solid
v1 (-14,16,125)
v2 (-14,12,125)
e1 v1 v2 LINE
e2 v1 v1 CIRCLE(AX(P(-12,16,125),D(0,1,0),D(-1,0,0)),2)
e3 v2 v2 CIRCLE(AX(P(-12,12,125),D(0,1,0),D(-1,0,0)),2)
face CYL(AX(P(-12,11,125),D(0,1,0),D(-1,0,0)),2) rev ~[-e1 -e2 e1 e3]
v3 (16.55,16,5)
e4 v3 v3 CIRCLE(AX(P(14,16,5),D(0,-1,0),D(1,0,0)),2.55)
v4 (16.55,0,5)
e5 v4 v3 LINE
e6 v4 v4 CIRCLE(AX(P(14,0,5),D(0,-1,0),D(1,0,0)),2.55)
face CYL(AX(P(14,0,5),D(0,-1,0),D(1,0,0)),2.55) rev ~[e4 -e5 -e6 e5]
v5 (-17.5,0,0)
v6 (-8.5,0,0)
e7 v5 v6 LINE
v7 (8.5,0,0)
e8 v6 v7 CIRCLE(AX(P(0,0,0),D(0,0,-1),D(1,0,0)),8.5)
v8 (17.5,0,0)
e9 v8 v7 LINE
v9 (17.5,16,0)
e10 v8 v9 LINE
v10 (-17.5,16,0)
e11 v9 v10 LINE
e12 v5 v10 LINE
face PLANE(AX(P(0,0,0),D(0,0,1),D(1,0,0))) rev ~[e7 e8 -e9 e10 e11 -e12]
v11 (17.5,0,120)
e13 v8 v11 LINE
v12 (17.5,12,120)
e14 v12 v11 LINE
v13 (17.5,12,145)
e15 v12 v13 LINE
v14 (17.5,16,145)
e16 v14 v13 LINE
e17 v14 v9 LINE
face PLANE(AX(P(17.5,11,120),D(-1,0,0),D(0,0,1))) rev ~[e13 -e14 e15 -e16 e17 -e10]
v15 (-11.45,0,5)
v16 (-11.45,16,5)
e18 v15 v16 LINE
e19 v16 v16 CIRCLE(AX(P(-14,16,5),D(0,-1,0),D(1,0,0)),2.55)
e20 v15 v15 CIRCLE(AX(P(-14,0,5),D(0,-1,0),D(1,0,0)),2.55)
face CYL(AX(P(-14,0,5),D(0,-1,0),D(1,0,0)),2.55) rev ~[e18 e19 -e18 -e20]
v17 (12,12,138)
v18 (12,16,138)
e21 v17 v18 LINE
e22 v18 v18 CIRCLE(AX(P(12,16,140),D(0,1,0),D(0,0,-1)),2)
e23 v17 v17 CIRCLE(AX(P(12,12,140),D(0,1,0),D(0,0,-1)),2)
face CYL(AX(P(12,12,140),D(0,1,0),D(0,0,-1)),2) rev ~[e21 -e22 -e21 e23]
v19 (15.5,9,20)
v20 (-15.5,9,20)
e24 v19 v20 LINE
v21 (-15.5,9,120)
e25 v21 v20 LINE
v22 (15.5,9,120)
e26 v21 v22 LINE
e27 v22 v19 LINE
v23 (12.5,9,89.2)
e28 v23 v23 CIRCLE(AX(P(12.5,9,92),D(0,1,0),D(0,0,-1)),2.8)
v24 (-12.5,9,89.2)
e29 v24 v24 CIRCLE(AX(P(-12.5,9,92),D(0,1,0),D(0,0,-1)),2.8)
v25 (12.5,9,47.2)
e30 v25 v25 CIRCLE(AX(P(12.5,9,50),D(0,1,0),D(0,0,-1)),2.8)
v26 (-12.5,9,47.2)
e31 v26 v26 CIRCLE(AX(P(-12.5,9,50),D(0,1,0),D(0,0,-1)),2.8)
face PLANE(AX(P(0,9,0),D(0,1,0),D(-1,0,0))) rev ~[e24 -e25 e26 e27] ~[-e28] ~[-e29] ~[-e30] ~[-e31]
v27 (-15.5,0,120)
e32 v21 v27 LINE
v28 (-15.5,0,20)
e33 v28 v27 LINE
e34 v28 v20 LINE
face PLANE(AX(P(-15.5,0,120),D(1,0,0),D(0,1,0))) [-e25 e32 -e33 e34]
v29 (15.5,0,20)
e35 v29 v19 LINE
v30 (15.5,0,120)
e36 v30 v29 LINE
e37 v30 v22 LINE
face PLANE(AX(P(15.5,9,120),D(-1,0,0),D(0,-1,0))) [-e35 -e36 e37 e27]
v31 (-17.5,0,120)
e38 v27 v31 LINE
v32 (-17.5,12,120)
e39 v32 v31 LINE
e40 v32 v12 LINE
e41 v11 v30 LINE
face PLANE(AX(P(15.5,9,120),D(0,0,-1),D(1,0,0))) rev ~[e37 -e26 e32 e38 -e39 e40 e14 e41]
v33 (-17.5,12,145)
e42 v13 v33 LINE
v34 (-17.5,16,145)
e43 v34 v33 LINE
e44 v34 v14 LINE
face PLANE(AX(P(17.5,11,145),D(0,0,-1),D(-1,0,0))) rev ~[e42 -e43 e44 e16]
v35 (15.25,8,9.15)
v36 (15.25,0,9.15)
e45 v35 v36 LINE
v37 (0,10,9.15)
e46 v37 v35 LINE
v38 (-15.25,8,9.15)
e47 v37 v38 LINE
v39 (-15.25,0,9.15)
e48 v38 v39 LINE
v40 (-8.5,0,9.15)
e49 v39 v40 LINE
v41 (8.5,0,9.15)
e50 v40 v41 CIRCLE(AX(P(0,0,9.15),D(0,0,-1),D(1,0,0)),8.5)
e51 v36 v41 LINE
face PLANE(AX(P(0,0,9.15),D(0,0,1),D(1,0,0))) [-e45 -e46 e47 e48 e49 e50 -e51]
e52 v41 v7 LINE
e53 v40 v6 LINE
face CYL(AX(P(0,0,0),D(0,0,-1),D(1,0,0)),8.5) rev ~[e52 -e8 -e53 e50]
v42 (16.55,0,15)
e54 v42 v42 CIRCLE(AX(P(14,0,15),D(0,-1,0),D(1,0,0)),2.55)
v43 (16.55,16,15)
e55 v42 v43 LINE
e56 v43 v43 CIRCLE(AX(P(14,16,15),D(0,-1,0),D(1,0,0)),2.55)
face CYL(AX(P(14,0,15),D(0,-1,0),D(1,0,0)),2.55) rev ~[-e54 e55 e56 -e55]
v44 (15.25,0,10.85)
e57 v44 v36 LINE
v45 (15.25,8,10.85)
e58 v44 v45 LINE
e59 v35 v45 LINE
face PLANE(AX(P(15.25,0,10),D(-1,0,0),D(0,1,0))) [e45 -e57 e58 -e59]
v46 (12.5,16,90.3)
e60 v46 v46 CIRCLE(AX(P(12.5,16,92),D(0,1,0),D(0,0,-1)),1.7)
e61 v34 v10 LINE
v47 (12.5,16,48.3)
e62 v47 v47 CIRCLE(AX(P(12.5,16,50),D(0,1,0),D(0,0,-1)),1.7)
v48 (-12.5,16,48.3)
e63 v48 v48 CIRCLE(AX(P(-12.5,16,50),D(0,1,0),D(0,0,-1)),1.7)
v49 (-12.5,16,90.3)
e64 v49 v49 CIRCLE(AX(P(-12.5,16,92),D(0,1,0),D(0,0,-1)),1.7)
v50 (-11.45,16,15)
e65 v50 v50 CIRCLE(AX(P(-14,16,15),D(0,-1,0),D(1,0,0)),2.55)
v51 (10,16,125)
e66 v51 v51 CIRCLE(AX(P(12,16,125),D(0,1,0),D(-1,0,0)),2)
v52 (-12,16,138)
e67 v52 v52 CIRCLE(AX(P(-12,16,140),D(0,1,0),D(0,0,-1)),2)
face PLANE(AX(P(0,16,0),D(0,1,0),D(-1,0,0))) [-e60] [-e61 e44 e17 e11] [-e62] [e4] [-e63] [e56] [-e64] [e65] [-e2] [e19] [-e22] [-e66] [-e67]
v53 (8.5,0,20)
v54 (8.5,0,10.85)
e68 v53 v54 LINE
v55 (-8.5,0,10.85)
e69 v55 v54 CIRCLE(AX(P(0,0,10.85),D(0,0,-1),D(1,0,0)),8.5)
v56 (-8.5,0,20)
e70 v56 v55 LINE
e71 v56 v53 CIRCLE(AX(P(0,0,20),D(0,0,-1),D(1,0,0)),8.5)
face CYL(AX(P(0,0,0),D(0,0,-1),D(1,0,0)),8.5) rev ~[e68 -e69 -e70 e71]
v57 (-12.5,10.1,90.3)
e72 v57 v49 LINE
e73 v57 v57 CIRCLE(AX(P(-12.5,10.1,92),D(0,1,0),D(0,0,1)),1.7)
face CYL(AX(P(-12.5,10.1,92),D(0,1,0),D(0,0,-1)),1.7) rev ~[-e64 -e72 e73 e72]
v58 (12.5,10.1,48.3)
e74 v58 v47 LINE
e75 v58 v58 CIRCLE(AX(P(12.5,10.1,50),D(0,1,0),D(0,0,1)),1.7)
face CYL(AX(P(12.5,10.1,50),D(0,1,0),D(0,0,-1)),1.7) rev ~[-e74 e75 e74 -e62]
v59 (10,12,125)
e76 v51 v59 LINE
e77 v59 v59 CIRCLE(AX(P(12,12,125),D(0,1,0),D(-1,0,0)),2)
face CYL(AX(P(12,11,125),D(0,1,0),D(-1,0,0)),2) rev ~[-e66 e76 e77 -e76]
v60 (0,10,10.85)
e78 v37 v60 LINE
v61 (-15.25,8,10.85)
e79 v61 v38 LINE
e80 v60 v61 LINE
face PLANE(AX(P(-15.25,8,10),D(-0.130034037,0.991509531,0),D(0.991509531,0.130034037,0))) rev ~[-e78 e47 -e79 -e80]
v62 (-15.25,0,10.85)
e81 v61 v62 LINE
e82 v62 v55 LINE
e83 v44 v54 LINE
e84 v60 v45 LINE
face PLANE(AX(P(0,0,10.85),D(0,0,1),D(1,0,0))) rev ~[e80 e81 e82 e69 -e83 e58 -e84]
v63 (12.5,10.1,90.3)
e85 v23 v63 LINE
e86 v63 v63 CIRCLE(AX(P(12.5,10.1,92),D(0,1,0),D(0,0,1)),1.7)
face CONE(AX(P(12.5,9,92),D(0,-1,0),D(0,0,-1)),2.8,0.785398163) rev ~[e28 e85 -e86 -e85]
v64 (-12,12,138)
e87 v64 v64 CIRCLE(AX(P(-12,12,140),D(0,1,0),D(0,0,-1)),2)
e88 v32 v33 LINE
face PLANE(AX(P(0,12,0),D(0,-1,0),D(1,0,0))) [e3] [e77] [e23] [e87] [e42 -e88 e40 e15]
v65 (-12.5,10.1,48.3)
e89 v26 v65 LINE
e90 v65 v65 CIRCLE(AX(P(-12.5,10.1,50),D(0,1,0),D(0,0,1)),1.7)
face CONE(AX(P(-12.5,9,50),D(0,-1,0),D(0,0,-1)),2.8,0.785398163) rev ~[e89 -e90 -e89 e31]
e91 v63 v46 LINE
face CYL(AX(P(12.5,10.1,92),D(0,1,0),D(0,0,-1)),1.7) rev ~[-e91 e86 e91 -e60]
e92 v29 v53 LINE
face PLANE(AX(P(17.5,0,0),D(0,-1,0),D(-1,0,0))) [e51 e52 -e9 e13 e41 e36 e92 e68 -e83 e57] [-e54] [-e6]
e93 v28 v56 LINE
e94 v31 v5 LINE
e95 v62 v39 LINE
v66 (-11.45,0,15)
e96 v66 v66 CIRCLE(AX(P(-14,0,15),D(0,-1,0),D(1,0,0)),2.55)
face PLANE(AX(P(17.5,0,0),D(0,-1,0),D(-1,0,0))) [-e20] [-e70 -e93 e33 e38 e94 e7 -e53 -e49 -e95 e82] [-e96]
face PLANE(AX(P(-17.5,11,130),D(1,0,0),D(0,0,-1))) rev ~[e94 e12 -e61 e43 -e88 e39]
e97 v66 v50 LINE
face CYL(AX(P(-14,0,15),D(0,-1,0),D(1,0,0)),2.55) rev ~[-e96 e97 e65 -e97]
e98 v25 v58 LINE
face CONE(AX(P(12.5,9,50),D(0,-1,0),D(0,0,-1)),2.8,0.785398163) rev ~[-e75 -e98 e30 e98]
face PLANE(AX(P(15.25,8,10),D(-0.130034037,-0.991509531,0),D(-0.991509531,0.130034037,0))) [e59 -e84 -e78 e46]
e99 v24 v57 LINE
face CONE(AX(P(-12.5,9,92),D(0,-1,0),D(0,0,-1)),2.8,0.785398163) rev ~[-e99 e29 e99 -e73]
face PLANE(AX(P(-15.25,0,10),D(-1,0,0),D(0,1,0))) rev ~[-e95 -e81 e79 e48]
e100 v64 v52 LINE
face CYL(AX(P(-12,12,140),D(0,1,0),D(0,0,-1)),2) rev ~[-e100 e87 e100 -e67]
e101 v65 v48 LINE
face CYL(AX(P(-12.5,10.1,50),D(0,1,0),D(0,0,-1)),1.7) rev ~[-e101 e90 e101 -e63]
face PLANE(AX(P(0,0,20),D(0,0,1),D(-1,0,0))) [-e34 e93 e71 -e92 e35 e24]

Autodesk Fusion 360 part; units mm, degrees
sketch "スケッチ1" plane through (0, 0, 0) normal (0, 0, 1) x (1, 0, 0)
  line L0 (-17.5, 11) -> (17.5, 11)
  line L1 (17.5, 11) -> (17.5, 0)
  line L2 (17.5, 0) -> (-17.5, 0)
  line L3 (-17.5, 0) -> (-17.5, 11)
  dimension "d1" = 35
  dimension "d2" = 11
extrude "押し出し1" add sketch "スケッチ1" along normal blind 120
sketch "スケッチ2" plane through (0, 0, 0) normal (0, 0, -1) x (1, 0, 0)
  line L0 (17.5, 0) -> (-17.5, 0)
  line L1 (-17.5, 0) -> (-17.5, -11)
  line L2 (-17.5, -11) -> (17.5, -11)
  line L3 (17.5, -11) -> (17.5, 0)
  circle A0 centre (0, 0) radius 8.5
  dimension "d5" = 17
extrude "押し出し2" cut sketch "スケッチ2" against normal blind 20 contours L0 A0 picked at (-2.4352, -2.8535)
sketch "スケッチ3" plane through (0, 0, 120) normal (0, 0, 1) x (-1, 0, 0)
  line L0 (17.5, 0) -> (-17.5, 0)
  line L1 (-17.5, 0) -> (-17.5, -11)
  line L2 (-17.5, -11) -> (17.5, -11)
  line L3 (17.5, -11) -> (17.5, 0)
  line L4 (15.5, -9) -> (-15.5, -9)
  line L5 (-15.5, -9) -> (-15.5, 0)
  line L6 (-15.5, 0) -> (15.5, 0)
  line L7 (15.5, 0) -> (15.5, -9)
  dimension "d8" = 2
  dimension "d9" = 31
extrude "押し出し3" cut sketch "スケッチ3" against normal blind 100 contours L0 L4 L5 L6 L7
ref_plane "作業平面1" through (0, 5.5, 9) normal (0, 0, -1) x (-1, 0, 0)
sketch "スケッチ5" plane through (0, 11, 0) normal (0, 1, 0) x (-1, 0, 0)
  line L0 (-17.5, 0) -> (17.5, 0)
  line L1 (17.5, 0) -> (17.5, 120)
  line L2 (17.5, 120) -> (-17.5, 120)
  line L3 (-17.5, 120) -> (-17.5, 0)
  line L4 (-17.5, 130) -> (17.5, 130)
  line L5 (17.5, 130) -> (17.5, 120)
  line L6 (17.5, 120) -> (-17.5, 120)
  line L7 (-17.5, 120) -> (-17.5, 130)
  line L8 (-17.5, 125) -> (17.5, 125) construction
  circle A0 centre (12, 125) radius 2
  circle A1 centre (-12, 125) radius 2
  dimension "d16" = 4
  dimension "d17" = 4
  dimension "d18" = 24
  dimension "d19" = 10
  dimension "d20" = 5.5
extrude "押し出し5" add sketch "スケッチ5" against normal blind 2 contours L2 L4 L5 L6 L7
sketch "スケッチ8" plane through (0, 0, 0) normal (0, -1, 0) x (1, 0, 0)
  line L0 (-8.5, 20) -> (-15.5, 20)
  line L1 (-15.5, 20) -> (-15.5, 120)
  line L2 (-15.5, 120) -> (-17.5, 120)
  line L3 (-17.5, 120) -> (-17.5, 0)
  line L4 (-17.5, 0) -> (-8.5, 0)
  line L5 (-8.5, 0) -> (-8.5, 20)
  circle A0 centre (-14, 15) radius 2.55
  line L6 (18.5, 15) -> (-17.5, 15) construction
  line L7 (17.541, 5) -> (-17.5, 5) construction
  line L8 (15.5, 20) -> (8.5, 20) construction
  circle A1 centre (14, 15) radius 2.55
  circle A2 centre (14, 5) radius 2.55
  circle A3 centre (-14, 5) radius 2.55
  line L9 (17.5, 0) -> (17.5, 120)
  dimension "d30" = 5
  dimension "d31" = 10
  dimension "d32" = 5.1
  dimension "d33" = 5.1
  dimension "d34" = 5.1
  dimension "d35" = 5.1
  dimension "d36" = 3.5
  dimension "d37" = 3.5
  dimension "d38" = 3.5
  dimension "d39" = 3.5
extrude "押し出し8" cut sketch "スケッチ8" against normal blind 15 contours A0 | A1 | A2 | A3
move_face "OffsetFaces1" offset 3 1 faces at (-3.8517, 11, 52.6741)
sketch "Sketch9" plane through (0, 9, 0) normal (0, -1, 0) x (1, 0, 0)
  circle A0 centre (12, 125) radius 2
  circle A1 centre (-12, 125) radius 2
  line L0 (-15.5, 120) -> (-15.5, 20)
  line L1 (-15.5, 20) -> (15.5, 20)
  line L2 (15.5, 20) -> (15.5, 120)
  line L3 (15.5, 120) -> (17.5, 120)
  line L4 (17.5, 120) -> (17.5, 130)
  line L5 (17.5, 130) -> (-17.5, 130)
  line L6 (-17.5, 130) -> (-17.5, 120)
  line L7 (-17.5, 120) -> (-15.5, 120)
  point P0 (12.5, 50)
  point P1 (-12.5, 50)
  point P2 (-12.5, 92)
  point P3 (12.5, 92)
hole "Hole1" at (-12.5, 9, 92) at (12.5, 9, 92) at (12.5, 9, 50) at (-12.5, 9, 50) direction (0, 1, 0) diameter 3.4 depth 9 tip angle 118 countersink diameter 5.6 countersink angle 90
ref_plane "WorkPlane2" through (0, 0, 10) normal (0, 0, 1) x (1, 0, 0)
sketch "Sketch10" plane through (0, 0, 10) normal (0, 0, 1) x (1, 0, 0)
  line L0 (0, 0) -> (15.25, 0)
  line L1 (15.25, 0) -> (15.25, 8)
  line L2 (15.25, 8) -> (0, 10)
  line L3 (0, 0) -> (-15.25, 0)
  line L4 (-15.25, 0) -> (-15.25, 8)
  line L5 (-15.25, 8) -> (0, 10)
  dimension "d60" = 15.25
  dimension "d61" = 8
extrude "Extrude9" cut sketch "Sketch10" along normal blind 0.85 and the other way blind 0.85
sketch "Sketch11" plane through (0, 9, 0) normal (0, -1, 0) x (1, 0, 0)
  circle A0 centre (12.5, 50) radius 2.8
  circle A1 centre (-12.5, 92) radius 2.8
  circle A2 centre (12.5, 92) radius 2.8
  circle A3 centre (-12.5, 50) radius 2.8
  circle A4 centre (-12, 125) radius 2
  circle A5 centre (12, 125) radius 2
  line L0 (-15.5, 120) -> (-15.5, 20)
  line L1 (-15.5, 20) -> (15.5, 20)
  line L2 (15.5, 20) -> (15.5, 120)
  line L3 (15.5, 120) -> (17.5, 120)
  line L4 (17.5, 120) -> (17.5, 130)
  line L5 (17.5, 130) -> (-17.5, 130)
  line L6 (-17.5, 130) -> (-17.5, 120)
  line L7 (-17.5, 120) -> (-15.5, 120)
  line L8 (-17.5, 130) -> (17.5, 130)
  line L9 (17.5, 130) -> (17.5, 120)
  line L10 (17.5, 120) -> (-17.5, 120)
  line L11 (-17.5, 120) -> (-17.5, 130)
extrude "Extrude10" cut sketch "Sketch11" against normal blind 3 contours L3 L4 L5 L6 L7 L8 L9 L10 L11
move_face "OffsetFaces2" offset 2 1 faces at (-3.9094, 14, 64.5049)
move_face "OffsetFaces3" offset 15 1 faces at (5.8333, 13.3333, 130)
sketch "Sketch12" plane through (0, 12, 0) normal (0, -1, 0) x (1, 0, 0)
  circle A0 centre (12, 125) radius 2
  circle A1 centre (-12, 125) radius 2
  line L0 (-17.5, 120) -> (17.5, 120)
  line L1 (17.5, 120) -> (17.5, 145)
  line L2 (17.5, 145) -> (-17.5, 145)
  line L3 (-17.5, 145) -> (-17.5, 120)
  point P0 (-12, 140)
  point P1 (12, 140)
hole "Hole2" at (-12, 12, 140) at (12, 12, 140) direction (0, 1, 0) diameter 4 depth 5 tip angle 118
